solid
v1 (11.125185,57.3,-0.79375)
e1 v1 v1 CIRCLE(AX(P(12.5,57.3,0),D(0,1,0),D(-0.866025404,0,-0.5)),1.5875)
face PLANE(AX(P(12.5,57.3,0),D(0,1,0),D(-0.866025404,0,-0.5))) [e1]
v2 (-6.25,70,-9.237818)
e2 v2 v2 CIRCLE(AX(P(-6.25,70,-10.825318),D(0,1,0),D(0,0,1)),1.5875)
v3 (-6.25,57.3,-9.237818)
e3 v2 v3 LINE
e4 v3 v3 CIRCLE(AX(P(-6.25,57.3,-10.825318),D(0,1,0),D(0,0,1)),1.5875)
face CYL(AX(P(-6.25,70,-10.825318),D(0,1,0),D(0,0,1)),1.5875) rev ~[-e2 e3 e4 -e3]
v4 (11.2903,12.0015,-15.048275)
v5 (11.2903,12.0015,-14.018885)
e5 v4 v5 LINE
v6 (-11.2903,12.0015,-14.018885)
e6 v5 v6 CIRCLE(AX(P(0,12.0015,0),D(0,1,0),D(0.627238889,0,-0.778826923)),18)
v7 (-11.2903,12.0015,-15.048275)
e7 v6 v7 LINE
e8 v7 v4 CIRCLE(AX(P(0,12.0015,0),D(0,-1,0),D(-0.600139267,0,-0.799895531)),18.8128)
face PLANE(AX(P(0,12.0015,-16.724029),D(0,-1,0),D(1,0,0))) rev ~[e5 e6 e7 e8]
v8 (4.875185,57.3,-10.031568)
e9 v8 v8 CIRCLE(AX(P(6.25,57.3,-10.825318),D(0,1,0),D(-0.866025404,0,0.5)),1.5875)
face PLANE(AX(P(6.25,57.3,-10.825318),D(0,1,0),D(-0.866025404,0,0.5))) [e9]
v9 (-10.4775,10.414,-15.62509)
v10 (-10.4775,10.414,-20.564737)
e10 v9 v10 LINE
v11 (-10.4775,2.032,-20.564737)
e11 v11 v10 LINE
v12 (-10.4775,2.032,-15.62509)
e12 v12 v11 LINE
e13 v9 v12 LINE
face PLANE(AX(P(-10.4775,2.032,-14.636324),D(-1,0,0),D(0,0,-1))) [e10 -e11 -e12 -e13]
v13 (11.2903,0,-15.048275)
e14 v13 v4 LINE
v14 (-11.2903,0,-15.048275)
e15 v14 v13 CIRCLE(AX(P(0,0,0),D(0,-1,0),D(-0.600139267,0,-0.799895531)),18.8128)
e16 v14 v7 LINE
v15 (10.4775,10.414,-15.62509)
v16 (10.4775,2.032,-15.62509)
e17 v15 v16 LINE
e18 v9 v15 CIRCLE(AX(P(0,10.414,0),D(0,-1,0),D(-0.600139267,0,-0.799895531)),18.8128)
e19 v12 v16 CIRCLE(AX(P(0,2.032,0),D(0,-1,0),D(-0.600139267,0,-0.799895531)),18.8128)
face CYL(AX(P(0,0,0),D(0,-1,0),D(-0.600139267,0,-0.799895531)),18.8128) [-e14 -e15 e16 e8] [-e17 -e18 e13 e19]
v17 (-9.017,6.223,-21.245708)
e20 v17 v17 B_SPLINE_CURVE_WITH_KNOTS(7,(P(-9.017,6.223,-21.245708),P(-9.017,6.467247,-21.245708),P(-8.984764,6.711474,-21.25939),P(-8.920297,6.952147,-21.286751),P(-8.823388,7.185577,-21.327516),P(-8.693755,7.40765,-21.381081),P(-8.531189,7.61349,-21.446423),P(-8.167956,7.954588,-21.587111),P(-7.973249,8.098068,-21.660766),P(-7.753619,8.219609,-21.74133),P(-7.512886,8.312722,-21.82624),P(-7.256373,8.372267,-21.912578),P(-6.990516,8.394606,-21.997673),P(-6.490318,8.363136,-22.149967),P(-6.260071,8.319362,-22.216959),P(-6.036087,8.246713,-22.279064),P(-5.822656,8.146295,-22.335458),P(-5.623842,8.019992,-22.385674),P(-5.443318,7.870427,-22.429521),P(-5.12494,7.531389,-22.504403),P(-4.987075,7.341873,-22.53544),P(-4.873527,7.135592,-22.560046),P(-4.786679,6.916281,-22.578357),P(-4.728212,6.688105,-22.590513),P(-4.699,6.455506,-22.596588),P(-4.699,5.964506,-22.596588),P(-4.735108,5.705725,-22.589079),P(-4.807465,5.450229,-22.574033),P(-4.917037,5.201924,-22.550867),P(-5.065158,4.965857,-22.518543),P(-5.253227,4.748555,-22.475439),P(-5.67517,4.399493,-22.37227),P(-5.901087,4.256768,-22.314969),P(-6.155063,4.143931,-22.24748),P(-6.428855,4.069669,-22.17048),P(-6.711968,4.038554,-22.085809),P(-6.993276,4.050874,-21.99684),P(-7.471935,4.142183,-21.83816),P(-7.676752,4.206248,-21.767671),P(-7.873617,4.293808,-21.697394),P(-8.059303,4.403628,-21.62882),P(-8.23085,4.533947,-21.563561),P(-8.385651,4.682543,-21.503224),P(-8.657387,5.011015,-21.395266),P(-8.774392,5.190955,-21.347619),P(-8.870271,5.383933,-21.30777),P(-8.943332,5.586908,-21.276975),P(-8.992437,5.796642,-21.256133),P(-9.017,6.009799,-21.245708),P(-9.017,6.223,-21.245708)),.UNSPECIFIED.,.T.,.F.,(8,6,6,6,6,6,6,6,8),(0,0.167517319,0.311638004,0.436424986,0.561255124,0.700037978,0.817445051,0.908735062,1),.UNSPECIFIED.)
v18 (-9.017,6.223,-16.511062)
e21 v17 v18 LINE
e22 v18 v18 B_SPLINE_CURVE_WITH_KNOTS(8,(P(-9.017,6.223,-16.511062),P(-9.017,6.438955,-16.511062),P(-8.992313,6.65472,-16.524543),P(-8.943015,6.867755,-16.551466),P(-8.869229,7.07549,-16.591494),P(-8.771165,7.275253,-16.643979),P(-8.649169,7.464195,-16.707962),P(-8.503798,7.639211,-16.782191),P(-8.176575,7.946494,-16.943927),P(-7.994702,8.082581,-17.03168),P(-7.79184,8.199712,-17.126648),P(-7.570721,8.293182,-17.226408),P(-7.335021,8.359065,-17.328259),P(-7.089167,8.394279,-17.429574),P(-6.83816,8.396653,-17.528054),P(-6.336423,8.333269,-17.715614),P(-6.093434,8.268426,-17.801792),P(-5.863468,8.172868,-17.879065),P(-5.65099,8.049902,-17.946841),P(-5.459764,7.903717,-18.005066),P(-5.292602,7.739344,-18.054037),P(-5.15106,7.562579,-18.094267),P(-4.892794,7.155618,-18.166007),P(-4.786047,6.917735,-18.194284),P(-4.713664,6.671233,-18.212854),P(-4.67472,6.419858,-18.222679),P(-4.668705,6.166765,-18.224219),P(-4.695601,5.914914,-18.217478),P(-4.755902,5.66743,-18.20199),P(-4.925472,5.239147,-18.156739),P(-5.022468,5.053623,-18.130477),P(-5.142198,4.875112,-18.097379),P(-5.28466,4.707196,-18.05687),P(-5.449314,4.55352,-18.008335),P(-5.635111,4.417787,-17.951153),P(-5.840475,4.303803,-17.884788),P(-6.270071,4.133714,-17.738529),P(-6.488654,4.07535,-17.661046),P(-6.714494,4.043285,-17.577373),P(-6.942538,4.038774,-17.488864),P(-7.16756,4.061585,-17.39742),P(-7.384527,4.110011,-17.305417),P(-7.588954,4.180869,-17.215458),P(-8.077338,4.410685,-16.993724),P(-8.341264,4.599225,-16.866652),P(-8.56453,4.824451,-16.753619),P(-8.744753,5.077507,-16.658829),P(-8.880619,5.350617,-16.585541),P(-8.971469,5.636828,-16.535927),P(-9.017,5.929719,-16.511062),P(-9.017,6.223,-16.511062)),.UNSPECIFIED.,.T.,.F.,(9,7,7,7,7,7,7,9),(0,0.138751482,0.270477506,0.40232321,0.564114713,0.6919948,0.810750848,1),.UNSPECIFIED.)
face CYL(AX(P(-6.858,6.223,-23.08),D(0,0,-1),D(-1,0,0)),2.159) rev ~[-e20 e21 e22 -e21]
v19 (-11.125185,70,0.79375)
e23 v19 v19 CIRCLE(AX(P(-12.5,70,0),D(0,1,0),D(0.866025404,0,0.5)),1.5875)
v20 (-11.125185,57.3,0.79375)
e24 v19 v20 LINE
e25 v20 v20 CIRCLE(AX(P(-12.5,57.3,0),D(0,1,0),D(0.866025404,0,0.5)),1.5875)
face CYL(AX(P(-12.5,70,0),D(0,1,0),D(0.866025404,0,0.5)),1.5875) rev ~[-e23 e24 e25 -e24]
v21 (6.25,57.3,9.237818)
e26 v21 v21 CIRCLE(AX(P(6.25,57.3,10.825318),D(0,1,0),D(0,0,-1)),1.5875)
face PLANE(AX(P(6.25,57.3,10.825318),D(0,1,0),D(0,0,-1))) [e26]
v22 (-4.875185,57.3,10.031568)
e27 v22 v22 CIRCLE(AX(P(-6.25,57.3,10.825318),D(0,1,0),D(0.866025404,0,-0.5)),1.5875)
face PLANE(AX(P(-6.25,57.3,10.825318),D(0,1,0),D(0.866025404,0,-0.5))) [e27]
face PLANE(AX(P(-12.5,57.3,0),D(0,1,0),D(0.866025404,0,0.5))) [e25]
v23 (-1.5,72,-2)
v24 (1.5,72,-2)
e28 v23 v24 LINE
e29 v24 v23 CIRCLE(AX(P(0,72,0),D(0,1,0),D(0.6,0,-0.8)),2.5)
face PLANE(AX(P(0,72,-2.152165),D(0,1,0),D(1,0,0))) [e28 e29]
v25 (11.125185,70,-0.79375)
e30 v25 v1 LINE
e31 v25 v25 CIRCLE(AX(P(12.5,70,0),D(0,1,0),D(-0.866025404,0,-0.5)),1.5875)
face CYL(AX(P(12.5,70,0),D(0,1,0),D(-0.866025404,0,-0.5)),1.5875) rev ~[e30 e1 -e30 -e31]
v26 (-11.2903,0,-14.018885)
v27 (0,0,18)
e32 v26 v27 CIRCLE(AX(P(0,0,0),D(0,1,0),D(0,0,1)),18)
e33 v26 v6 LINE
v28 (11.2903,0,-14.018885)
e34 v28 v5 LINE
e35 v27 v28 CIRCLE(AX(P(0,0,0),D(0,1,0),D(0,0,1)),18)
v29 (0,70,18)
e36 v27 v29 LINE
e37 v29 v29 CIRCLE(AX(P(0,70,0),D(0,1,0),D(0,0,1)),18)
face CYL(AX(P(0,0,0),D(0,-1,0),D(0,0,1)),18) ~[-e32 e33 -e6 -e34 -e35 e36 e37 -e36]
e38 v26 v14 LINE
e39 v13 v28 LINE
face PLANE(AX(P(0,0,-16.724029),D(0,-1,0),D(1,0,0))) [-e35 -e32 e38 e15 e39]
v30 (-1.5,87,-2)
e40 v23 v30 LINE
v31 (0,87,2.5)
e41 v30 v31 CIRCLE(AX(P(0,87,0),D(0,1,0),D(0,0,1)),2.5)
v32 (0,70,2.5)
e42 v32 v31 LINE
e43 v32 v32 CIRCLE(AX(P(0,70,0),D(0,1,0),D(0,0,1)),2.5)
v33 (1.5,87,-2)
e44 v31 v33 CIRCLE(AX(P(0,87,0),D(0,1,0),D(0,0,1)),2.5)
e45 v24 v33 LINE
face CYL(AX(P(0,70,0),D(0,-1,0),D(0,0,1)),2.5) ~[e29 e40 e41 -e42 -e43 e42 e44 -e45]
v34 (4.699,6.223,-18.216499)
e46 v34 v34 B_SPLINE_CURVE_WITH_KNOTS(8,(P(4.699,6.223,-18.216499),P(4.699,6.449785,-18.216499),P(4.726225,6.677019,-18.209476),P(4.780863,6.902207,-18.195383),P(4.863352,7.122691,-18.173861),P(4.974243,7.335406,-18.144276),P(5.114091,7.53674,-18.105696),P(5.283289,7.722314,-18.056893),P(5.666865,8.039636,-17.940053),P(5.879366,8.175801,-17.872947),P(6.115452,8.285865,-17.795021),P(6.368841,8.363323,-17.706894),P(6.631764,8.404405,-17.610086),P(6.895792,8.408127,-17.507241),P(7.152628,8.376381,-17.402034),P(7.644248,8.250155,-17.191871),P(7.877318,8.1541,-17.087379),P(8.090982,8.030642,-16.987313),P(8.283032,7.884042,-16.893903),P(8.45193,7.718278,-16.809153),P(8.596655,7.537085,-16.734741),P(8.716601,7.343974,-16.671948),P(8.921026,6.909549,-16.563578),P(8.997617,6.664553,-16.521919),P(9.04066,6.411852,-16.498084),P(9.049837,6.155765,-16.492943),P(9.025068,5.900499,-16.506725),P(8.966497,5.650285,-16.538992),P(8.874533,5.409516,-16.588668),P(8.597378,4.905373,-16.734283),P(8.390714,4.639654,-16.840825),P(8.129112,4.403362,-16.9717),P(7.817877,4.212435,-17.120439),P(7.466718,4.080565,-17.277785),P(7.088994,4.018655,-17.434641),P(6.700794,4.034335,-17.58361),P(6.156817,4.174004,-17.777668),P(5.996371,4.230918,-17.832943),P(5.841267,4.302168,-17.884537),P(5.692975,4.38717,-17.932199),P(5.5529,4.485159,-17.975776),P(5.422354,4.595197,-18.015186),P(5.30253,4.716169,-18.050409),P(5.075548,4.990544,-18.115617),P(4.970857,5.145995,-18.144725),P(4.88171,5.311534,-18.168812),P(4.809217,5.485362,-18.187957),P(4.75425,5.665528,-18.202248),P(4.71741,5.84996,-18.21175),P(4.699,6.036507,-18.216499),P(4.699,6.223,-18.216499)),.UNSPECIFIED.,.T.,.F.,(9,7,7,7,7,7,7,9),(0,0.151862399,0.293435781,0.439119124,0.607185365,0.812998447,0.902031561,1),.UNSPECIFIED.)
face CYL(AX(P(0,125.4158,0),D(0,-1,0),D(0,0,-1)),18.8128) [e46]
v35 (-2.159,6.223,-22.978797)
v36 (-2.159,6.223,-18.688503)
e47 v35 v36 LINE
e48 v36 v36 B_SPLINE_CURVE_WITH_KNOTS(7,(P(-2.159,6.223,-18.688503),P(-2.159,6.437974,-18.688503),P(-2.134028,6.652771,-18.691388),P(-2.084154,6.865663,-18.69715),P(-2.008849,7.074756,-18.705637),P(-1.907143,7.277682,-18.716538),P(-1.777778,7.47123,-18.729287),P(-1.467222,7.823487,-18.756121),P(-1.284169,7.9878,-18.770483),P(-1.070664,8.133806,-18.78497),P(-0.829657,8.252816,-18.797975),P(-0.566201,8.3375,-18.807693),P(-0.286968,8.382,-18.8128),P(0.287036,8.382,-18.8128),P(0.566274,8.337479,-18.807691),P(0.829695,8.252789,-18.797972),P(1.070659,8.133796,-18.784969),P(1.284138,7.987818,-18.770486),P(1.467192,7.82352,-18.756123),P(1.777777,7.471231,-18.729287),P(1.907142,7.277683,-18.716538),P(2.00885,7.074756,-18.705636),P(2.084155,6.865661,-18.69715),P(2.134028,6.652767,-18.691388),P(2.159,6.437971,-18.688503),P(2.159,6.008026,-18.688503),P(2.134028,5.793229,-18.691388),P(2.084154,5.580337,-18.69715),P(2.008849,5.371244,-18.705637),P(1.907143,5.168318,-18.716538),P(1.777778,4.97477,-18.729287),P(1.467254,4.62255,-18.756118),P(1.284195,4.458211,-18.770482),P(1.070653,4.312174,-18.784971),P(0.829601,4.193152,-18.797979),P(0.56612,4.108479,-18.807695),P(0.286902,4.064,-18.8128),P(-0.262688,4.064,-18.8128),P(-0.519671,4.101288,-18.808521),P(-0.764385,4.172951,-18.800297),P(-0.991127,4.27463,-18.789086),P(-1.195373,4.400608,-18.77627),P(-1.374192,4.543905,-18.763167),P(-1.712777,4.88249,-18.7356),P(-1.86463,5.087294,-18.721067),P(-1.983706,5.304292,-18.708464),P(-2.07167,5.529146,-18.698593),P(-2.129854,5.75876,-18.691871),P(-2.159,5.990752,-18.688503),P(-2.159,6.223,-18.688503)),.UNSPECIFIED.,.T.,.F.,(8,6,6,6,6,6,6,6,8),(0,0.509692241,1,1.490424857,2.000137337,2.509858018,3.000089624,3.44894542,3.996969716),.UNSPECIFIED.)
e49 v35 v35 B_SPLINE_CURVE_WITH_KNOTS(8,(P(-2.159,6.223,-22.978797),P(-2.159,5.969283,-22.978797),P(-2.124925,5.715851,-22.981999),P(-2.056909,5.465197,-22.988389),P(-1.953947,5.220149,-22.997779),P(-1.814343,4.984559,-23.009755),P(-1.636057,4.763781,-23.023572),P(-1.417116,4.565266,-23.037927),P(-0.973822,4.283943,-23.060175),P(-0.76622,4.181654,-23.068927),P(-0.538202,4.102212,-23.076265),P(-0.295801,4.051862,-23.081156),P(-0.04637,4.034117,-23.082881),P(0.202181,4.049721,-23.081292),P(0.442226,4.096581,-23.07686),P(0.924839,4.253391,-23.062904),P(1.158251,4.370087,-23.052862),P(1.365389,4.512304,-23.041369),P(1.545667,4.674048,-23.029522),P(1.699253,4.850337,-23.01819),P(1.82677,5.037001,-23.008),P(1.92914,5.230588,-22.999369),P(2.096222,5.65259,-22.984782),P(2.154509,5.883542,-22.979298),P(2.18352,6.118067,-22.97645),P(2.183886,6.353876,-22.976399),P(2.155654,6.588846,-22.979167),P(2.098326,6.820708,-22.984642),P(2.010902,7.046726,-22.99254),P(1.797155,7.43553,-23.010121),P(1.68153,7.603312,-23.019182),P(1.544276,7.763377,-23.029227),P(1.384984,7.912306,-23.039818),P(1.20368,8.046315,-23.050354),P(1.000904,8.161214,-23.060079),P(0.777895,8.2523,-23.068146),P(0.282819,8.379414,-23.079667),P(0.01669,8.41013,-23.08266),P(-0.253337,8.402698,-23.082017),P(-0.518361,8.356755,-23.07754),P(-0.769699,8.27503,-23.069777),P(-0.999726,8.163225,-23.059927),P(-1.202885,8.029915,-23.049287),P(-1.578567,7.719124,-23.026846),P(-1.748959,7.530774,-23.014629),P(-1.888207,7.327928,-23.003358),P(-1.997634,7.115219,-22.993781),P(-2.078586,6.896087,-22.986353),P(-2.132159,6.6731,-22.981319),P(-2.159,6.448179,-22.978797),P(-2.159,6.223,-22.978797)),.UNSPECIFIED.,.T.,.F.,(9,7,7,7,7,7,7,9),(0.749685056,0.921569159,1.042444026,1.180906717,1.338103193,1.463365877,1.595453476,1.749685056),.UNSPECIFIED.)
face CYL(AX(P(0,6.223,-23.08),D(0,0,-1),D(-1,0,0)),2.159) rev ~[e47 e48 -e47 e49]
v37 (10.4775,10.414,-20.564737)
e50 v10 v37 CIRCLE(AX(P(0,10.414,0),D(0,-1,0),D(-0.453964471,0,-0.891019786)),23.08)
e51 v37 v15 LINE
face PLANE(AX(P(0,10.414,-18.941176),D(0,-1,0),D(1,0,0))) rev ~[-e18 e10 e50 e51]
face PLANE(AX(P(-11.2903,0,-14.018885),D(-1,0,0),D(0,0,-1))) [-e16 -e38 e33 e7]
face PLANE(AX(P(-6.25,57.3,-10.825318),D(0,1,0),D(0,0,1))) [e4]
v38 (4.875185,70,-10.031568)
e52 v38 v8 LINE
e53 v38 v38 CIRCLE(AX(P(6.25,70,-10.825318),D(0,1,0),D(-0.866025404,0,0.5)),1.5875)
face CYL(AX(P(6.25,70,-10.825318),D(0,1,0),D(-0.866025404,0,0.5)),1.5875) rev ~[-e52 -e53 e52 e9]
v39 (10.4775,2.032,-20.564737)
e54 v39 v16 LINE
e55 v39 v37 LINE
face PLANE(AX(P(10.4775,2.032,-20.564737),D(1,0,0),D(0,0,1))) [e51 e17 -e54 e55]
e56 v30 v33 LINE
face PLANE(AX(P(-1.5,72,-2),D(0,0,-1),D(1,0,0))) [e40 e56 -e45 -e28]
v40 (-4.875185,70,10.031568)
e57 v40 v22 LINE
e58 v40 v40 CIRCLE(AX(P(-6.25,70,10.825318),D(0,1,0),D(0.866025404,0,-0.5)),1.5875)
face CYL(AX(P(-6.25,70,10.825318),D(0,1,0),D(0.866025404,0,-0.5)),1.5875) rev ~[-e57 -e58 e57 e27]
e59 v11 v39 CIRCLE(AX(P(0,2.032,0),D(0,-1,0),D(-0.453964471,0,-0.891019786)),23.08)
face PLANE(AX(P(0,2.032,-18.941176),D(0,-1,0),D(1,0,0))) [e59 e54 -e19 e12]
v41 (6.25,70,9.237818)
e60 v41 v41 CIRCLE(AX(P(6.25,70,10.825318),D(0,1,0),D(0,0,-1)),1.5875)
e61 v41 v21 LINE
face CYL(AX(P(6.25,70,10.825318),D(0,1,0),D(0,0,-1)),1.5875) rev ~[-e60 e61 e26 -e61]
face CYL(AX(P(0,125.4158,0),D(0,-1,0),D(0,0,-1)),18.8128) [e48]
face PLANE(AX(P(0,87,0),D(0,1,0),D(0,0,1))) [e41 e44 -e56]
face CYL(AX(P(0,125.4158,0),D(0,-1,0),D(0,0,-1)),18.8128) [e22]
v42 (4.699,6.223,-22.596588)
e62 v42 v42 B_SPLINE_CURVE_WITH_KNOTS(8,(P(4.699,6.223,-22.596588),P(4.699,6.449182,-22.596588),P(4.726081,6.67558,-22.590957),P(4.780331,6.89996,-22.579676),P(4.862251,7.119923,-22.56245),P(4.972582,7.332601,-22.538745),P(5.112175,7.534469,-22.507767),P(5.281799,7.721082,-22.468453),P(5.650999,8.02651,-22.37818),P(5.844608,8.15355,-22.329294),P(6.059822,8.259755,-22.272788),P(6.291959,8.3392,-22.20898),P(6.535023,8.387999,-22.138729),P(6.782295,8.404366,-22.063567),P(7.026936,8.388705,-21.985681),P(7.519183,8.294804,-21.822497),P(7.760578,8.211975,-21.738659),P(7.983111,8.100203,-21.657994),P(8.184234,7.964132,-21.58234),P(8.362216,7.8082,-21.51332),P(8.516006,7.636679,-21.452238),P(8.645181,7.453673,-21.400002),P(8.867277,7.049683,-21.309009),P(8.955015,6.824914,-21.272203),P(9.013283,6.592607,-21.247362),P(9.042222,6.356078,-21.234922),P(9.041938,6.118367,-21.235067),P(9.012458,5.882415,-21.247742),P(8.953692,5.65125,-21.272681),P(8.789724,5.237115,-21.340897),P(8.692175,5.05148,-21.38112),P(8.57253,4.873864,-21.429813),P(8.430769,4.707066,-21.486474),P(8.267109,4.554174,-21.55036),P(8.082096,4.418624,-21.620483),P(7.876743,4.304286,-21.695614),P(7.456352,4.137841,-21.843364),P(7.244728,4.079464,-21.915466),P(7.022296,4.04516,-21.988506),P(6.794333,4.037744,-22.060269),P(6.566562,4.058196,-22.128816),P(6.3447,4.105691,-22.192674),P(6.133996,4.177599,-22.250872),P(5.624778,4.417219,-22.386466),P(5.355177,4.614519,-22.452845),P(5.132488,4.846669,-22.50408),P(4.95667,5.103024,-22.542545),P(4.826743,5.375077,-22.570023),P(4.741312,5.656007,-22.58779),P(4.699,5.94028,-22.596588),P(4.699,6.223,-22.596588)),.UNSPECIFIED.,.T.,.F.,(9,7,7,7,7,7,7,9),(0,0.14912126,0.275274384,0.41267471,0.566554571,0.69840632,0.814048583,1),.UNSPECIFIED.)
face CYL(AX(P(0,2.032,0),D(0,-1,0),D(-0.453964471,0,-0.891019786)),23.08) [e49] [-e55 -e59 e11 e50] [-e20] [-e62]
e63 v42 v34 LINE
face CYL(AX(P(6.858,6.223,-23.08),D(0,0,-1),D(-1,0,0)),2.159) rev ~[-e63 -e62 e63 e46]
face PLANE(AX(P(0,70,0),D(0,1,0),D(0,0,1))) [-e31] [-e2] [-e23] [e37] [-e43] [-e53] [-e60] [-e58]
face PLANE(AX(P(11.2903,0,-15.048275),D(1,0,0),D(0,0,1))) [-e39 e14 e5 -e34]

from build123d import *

# Parameters (mm, degrees)
SKETCH1_R               = 18
BOSS_EXTRUDE1_DEPTH     = 70
SKETCH2_R               = 2.5
BOSS_EXTRUDE2_DEPTH     = 17
CUT_EXTRUDE1_START      = -15
CUT_EXTRUDE1_DEPTH      = 15
SKETCH4_R               = 1.5875
CUT_EXTRUDE2_DEPTH      = 12.7
CIRPATTERN1_COUNT       = 6
BOSS_EXTRUDE3_START     = -2.032
BOSS_EXTRUDE3_DEPTH     = 8.382
BOSS_EXTRUDE4_DEPTH     = 12.0015
CUT_EXTRUDE3_REACH      = 99.88
CUT_EXTRUDE3_END_RADIUS = 18.8128
SKETCH7_R               = 2.159


with BuildPart() as part:
    # Sketch1 → Boss-Extrude1 (new body)
    with BuildSketch(Plane(origin=(0, 0, 0), x_dir=(1, 0, 0), z_dir=(0, 1, 0))):
        with Locations(Location((0, 0, 0), (0, 0, 270))):
            Circle(SKETCH1_R)
    extrude(amount=BOSS_EXTRUDE1_DEPTH)

    # Sketch2 → Boss-Extrude2 (add)
    with BuildSketch(Plane(origin=(0, 70, 0), x_dir=(1, 0, 0), z_dir=(0, 1, 0))):
        with Locations(Location((0, 0, 0), (0, 0, 270))):
            Circle(SKETCH2_R)
    extrude(amount=BOSS_EXTRUDE2_DEPTH)

    # Sketch3 → Cut-Extrude1 (cut)
    with BuildSketch(Plane(origin=(0, 87, 0), x_dir=(1, 0, 0), z_dir=(0, 1, 0)).offset(CUT_EXTRUDE1_START)):
        with BuildLine():
            Line((-1.5, 2), (1.5, 2))
            ThreePointArc((1.5, 2), (0, 2.5), (-1.5, 2))
        make_face()
    extrude(amount=CUT_EXTRUDE1_DEPTH, mode=Mode.SUBTRACT)

    # Sketch4 → Cut-Extrude2 (cut)
    with BuildSketch(Plane(origin=(0, 70, 0), x_dir=(1, 0, 0), z_dir=(0, 1, 0))):
        with Locations(Location((-6.25, 10.825317547, 0), (0, 0, 270))):
            Circle(SKETCH4_R)
    cut_extrude2 = extrude(amount=-CUT_EXTRUDE2_DEPTH, mode=Mode.SUBTRACT)

    # CirPattern1: Cut-Extrude2 ×6 about axis
    cirpattern1_axis = Axis((0, 0, 0), (0, 1, 0))
    for i in range(1, CIRPATTERN1_COUNT):
        add(cut_extrude2.rotate(cirpattern1_axis, i * 360 / CIRPATTERN1_COUNT), mode=Mode.SUBTRACT)

    # Sketch5 → Boss-Extrude3 (add)
    with BuildSketch(Plane.XZ.offset(BOSS_EXTRUDE3_START)):
        with BuildLine():
            Line((10.4775, -20.564736656), (10.4775, -14.636324462))
            ThreePointArc((10.4775, -14.636324462), (0, -18), (-10.4775, -14.636324462))
            Line((-10.4775, -14.636324462), (-10.4775, -20.564736656))
            ThreePointArc((-10.4775, -20.564736656), (0, -23.08), (10.4775, -20.564736656))
        make_face()
    extrude(amount=-BOSS_EXTRUDE3_DEPTH)

    # Sketch6 → Boss-Extrude4 (add)
    with BuildSketch(Plane.XZ):
        with BuildLine():
            Line((-11.2903, -14.018884617), (-11.2903, -15.048274644))
            ThreePointArc((-11.2903, -15.048274644), (0, -18.8128), (11.2903, -15.048274644))
            Line((11.2903, -15.048274644), (11.2903, -14.018884617))
            ThreePointArc((11.2903, -14.018884617), (0, -18), (-11.2903, -14.018884617))
        make_face()
    extrude(amount=-BOSS_EXTRUDE4_DEPTH)

    # Cut-Extrude3: up to this cylinder (the profile starts outside it)
    cut_extrude3_end = Plane(origin=(0, 6.223, 0), z_dir=(0, -1, 0)) * Cylinder(CUT_EXTRUDE3_END_RADIUS, 238.3856, mode=Mode.PRIVATE)
    # Sketch7 → Cut-Extrude3 (cut, up to the surface)
    with BuildSketch(Plane(origin=(0, 0, -23.08), x_dir=(-1, 0, 0), z_dir=(0, 0, -1)), mode=Mode.PRIVATE) as cut_extrude3_sk1:
        with Locations((-6.858, 6.223)):
            Circle(SKETCH7_R)
    cut_extrude3_tool1 = extrude(cut_extrude3_sk1.sketch, amount=-CUT_EXTRUDE3_REACH, mode=Mode.PRIVATE) - cut_extrude3_end
    add(cut_extrude3_tool1.solids().sort_by_distance((6.858, 6.223, -23.08))[0], mode=Mode.SUBTRACT)
    # Sketch7 → Cut-Extrude3 (cut, up to the surface)
    with BuildSketch(Plane(origin=(0, 0, -23.08), x_dir=(-1, 0, 0), z_dir=(0, 0, -1)), mode=Mode.PRIVATE) as cut_extrude3_sk2:
        with Locations((0, 6.223)):
            Circle(SKETCH7_R)
    cut_extrude3_tool2 = extrude(cut_extrude3_sk2.sketch, amount=-CUT_EXTRUDE3_REACH, mode=Mode.PRIVATE) - cut_extrude3_end
    add(cut_extrude3_tool2.solids().sort_by_distance((0, 6.223, -23.08))[0], mode=Mode.SUBTRACT)
    # Sketch7 → Cut-Extrude3 (cut, up to the surface)
    with BuildSketch(Plane(origin=(0, 0, -23.08), x_dir=(-1, 0, 0), z_dir=(0, 0, -1)), mode=Mode.PRIVATE) as cut_extrude3_sk3:
        with Locations((6.858, 6.223)):
            Circle(SKETCH7_R)
    cut_extrude3_tool3 = extrude(cut_extrude3_sk3.sketch, amount=-CUT_EXTRUDE3_REACH, mode=Mode.PRIVATE) - cut_extrude3_end
    add(cut_extrude3_tool3.solids().sort_by_distance((-6.858, 6.223, -23.08))[0], mode=Mode.SUBTRACT)


solid = part.part
